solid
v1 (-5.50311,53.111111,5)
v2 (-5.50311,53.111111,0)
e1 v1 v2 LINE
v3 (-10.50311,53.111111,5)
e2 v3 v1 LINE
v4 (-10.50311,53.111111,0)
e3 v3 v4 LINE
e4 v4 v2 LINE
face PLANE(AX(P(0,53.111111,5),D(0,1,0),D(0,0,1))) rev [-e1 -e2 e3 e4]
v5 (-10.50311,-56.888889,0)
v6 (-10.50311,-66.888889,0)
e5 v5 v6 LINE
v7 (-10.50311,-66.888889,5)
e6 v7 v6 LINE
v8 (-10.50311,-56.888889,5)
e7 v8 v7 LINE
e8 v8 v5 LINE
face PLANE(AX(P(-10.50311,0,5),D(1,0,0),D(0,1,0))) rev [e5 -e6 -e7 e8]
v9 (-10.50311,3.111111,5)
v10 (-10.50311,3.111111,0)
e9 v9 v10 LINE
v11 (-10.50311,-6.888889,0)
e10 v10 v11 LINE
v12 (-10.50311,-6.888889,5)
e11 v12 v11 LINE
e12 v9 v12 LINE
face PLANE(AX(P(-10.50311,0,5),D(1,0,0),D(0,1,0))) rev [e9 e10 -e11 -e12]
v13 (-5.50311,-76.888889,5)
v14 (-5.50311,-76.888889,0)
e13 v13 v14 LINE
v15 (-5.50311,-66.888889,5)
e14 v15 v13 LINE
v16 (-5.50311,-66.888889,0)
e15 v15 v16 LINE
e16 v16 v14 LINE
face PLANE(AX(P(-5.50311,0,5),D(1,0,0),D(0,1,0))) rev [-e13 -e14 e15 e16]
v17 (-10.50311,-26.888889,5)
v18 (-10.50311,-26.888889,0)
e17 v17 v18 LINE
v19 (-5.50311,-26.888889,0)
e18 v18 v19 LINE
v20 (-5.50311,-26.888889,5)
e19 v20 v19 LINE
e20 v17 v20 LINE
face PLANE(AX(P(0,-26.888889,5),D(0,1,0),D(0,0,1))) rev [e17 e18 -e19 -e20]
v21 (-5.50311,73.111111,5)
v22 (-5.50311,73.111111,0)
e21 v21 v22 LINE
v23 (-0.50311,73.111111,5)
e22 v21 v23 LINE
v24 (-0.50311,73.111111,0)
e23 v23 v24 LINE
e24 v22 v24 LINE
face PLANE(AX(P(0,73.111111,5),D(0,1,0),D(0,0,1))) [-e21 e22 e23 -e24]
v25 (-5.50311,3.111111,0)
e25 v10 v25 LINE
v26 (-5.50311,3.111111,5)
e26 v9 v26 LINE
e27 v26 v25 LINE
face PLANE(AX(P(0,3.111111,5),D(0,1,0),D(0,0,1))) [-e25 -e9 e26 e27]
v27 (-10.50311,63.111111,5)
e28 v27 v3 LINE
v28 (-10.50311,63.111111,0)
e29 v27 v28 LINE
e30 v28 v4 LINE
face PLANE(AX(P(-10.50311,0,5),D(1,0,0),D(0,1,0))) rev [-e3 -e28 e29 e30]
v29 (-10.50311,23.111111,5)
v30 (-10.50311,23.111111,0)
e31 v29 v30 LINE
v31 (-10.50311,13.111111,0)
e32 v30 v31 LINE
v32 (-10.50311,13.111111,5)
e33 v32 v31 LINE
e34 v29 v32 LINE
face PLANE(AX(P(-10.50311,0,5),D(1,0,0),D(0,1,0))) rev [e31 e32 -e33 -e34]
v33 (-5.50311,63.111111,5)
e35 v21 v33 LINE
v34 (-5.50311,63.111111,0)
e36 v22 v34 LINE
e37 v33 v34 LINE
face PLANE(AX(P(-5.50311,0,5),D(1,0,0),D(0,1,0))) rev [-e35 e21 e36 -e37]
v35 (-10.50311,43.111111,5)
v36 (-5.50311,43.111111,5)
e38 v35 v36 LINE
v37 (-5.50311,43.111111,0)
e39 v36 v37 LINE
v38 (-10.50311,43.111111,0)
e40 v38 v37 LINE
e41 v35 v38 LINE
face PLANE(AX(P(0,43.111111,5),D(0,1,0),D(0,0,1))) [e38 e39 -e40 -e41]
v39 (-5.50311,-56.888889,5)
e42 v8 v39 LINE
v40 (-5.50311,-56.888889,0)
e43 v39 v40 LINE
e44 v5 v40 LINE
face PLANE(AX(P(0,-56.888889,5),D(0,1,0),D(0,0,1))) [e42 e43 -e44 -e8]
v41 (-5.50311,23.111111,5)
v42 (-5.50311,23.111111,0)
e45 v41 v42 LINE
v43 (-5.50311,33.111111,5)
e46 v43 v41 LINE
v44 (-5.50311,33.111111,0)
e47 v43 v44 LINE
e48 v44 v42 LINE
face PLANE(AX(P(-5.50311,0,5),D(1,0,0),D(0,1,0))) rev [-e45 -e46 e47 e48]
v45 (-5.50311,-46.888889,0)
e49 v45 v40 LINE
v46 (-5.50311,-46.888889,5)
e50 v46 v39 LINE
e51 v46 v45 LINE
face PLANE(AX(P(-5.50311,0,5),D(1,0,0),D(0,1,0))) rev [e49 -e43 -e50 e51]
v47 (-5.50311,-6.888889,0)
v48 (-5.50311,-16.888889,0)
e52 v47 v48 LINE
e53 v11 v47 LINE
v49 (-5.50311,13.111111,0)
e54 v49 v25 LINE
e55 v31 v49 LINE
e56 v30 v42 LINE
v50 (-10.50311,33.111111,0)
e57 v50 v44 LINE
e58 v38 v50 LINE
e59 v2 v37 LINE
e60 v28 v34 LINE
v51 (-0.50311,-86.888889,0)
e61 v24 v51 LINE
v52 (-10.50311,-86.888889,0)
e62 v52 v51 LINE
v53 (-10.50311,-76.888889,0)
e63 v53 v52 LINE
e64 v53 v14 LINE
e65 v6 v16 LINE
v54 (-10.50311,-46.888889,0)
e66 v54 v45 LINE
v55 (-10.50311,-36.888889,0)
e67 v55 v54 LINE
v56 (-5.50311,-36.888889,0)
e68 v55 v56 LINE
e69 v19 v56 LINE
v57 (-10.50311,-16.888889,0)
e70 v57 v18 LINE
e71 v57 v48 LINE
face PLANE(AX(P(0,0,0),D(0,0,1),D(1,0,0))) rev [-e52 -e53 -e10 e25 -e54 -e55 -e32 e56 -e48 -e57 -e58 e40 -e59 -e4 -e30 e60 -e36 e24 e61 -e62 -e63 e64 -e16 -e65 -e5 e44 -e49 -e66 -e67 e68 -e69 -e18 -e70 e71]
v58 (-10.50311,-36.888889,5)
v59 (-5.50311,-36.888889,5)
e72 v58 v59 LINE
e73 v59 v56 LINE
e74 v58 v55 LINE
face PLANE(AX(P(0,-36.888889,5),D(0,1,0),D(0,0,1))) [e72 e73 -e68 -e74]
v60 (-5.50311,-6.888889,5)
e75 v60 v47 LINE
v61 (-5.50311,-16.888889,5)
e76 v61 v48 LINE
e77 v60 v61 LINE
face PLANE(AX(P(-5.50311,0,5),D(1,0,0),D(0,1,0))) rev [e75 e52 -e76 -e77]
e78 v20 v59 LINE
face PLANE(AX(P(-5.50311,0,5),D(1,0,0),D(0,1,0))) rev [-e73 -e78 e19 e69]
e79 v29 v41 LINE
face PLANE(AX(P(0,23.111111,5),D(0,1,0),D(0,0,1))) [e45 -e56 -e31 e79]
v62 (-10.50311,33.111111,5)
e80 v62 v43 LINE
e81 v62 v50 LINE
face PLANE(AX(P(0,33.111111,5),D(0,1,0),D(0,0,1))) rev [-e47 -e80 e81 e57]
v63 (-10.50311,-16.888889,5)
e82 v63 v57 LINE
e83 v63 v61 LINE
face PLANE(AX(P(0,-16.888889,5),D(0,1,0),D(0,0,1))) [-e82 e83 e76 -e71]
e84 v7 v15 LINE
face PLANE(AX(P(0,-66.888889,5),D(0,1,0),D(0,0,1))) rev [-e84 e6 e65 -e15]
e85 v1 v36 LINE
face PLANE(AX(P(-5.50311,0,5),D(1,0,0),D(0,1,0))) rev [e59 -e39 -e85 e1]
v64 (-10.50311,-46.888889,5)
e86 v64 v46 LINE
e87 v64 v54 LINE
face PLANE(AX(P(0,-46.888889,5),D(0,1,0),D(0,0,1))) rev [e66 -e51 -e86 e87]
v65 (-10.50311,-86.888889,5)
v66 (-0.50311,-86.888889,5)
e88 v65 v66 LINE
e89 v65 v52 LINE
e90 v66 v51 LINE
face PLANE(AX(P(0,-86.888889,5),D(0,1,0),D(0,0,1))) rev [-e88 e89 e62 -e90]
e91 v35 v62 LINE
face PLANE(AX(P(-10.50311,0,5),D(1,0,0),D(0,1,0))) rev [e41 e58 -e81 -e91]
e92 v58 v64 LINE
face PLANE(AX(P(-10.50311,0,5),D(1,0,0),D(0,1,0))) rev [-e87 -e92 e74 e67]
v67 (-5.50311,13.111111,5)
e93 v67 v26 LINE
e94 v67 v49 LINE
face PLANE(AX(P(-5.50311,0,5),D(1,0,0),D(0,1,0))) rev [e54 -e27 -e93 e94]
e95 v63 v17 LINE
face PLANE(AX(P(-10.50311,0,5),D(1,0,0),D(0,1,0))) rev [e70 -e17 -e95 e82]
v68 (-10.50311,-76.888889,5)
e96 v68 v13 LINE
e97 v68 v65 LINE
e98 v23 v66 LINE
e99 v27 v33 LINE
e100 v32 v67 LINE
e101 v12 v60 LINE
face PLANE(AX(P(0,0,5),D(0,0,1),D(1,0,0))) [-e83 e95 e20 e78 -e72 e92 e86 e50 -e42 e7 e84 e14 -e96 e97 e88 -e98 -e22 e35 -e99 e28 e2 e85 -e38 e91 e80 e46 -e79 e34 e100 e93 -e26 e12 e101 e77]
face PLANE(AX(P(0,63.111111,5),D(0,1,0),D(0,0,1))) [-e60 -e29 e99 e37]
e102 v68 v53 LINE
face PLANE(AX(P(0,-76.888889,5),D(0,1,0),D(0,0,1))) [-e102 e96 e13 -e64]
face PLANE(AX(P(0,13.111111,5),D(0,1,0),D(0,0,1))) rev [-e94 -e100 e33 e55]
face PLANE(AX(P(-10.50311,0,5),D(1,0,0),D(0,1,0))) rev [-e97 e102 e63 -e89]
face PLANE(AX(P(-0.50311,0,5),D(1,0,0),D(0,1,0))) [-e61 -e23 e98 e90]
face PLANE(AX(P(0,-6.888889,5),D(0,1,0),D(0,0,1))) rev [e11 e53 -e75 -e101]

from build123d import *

# Parameters (mm, degrees)
SALIENTE_EXTRUIR1_DEPTH = 5


with BuildPart() as part:
    # Croquis1 → Saliente-Extruir1 (new body)
    with BuildSketch(Plane.XY):
        Polygon((-10.50310955, 63.111111111), (-10.50310955, 53.111111111), (-5.50310955, 53.111111111), (-5.50310955, 43.111111111), (-10.50310955, 43.111111111), (-10.50310955, 33.111111111), (-5.50310955, 33.111111111), (-5.50310955, 23.111111111), (-10.50310955, 23.111111111), (-10.50310955, 13.111111111), (-5.50310955, 13.111111111), (-5.50310955, 3.111111111), (-10.50310955, 3.111111111), (-10.50310955, -6.888888889), (-5.50310955, -6.888888889), (-5.50310955, -16.888888889), (-10.50310955, -16.888888889), (-10.50310955, -26.888888889), (-5.50310955, -26.888888889), (-5.50310955, -36.888888889), (-10.50310955, -36.888888889), (-10.50310955, -46.888888889), (-5.50310955, -46.888888889), (-5.50310955, -56.888888889), (-10.50310955, -56.888888889), (-10.50310955, -66.888888889), (-5.50310955, -66.888888889), (-5.50310955, -76.888888889), (-10.50310955, -76.888888889), (-10.50310955, -86.888888889), (-0.50310955, -86.888888889), (-0.50310955, 73.111111111), (-5.50310955, 73.111111111), (-5.50310955, 63.111111111), align=None)
    extrude(amount=SALIENTE_EXTRUIR1_DEPTH)


solid = part.part
